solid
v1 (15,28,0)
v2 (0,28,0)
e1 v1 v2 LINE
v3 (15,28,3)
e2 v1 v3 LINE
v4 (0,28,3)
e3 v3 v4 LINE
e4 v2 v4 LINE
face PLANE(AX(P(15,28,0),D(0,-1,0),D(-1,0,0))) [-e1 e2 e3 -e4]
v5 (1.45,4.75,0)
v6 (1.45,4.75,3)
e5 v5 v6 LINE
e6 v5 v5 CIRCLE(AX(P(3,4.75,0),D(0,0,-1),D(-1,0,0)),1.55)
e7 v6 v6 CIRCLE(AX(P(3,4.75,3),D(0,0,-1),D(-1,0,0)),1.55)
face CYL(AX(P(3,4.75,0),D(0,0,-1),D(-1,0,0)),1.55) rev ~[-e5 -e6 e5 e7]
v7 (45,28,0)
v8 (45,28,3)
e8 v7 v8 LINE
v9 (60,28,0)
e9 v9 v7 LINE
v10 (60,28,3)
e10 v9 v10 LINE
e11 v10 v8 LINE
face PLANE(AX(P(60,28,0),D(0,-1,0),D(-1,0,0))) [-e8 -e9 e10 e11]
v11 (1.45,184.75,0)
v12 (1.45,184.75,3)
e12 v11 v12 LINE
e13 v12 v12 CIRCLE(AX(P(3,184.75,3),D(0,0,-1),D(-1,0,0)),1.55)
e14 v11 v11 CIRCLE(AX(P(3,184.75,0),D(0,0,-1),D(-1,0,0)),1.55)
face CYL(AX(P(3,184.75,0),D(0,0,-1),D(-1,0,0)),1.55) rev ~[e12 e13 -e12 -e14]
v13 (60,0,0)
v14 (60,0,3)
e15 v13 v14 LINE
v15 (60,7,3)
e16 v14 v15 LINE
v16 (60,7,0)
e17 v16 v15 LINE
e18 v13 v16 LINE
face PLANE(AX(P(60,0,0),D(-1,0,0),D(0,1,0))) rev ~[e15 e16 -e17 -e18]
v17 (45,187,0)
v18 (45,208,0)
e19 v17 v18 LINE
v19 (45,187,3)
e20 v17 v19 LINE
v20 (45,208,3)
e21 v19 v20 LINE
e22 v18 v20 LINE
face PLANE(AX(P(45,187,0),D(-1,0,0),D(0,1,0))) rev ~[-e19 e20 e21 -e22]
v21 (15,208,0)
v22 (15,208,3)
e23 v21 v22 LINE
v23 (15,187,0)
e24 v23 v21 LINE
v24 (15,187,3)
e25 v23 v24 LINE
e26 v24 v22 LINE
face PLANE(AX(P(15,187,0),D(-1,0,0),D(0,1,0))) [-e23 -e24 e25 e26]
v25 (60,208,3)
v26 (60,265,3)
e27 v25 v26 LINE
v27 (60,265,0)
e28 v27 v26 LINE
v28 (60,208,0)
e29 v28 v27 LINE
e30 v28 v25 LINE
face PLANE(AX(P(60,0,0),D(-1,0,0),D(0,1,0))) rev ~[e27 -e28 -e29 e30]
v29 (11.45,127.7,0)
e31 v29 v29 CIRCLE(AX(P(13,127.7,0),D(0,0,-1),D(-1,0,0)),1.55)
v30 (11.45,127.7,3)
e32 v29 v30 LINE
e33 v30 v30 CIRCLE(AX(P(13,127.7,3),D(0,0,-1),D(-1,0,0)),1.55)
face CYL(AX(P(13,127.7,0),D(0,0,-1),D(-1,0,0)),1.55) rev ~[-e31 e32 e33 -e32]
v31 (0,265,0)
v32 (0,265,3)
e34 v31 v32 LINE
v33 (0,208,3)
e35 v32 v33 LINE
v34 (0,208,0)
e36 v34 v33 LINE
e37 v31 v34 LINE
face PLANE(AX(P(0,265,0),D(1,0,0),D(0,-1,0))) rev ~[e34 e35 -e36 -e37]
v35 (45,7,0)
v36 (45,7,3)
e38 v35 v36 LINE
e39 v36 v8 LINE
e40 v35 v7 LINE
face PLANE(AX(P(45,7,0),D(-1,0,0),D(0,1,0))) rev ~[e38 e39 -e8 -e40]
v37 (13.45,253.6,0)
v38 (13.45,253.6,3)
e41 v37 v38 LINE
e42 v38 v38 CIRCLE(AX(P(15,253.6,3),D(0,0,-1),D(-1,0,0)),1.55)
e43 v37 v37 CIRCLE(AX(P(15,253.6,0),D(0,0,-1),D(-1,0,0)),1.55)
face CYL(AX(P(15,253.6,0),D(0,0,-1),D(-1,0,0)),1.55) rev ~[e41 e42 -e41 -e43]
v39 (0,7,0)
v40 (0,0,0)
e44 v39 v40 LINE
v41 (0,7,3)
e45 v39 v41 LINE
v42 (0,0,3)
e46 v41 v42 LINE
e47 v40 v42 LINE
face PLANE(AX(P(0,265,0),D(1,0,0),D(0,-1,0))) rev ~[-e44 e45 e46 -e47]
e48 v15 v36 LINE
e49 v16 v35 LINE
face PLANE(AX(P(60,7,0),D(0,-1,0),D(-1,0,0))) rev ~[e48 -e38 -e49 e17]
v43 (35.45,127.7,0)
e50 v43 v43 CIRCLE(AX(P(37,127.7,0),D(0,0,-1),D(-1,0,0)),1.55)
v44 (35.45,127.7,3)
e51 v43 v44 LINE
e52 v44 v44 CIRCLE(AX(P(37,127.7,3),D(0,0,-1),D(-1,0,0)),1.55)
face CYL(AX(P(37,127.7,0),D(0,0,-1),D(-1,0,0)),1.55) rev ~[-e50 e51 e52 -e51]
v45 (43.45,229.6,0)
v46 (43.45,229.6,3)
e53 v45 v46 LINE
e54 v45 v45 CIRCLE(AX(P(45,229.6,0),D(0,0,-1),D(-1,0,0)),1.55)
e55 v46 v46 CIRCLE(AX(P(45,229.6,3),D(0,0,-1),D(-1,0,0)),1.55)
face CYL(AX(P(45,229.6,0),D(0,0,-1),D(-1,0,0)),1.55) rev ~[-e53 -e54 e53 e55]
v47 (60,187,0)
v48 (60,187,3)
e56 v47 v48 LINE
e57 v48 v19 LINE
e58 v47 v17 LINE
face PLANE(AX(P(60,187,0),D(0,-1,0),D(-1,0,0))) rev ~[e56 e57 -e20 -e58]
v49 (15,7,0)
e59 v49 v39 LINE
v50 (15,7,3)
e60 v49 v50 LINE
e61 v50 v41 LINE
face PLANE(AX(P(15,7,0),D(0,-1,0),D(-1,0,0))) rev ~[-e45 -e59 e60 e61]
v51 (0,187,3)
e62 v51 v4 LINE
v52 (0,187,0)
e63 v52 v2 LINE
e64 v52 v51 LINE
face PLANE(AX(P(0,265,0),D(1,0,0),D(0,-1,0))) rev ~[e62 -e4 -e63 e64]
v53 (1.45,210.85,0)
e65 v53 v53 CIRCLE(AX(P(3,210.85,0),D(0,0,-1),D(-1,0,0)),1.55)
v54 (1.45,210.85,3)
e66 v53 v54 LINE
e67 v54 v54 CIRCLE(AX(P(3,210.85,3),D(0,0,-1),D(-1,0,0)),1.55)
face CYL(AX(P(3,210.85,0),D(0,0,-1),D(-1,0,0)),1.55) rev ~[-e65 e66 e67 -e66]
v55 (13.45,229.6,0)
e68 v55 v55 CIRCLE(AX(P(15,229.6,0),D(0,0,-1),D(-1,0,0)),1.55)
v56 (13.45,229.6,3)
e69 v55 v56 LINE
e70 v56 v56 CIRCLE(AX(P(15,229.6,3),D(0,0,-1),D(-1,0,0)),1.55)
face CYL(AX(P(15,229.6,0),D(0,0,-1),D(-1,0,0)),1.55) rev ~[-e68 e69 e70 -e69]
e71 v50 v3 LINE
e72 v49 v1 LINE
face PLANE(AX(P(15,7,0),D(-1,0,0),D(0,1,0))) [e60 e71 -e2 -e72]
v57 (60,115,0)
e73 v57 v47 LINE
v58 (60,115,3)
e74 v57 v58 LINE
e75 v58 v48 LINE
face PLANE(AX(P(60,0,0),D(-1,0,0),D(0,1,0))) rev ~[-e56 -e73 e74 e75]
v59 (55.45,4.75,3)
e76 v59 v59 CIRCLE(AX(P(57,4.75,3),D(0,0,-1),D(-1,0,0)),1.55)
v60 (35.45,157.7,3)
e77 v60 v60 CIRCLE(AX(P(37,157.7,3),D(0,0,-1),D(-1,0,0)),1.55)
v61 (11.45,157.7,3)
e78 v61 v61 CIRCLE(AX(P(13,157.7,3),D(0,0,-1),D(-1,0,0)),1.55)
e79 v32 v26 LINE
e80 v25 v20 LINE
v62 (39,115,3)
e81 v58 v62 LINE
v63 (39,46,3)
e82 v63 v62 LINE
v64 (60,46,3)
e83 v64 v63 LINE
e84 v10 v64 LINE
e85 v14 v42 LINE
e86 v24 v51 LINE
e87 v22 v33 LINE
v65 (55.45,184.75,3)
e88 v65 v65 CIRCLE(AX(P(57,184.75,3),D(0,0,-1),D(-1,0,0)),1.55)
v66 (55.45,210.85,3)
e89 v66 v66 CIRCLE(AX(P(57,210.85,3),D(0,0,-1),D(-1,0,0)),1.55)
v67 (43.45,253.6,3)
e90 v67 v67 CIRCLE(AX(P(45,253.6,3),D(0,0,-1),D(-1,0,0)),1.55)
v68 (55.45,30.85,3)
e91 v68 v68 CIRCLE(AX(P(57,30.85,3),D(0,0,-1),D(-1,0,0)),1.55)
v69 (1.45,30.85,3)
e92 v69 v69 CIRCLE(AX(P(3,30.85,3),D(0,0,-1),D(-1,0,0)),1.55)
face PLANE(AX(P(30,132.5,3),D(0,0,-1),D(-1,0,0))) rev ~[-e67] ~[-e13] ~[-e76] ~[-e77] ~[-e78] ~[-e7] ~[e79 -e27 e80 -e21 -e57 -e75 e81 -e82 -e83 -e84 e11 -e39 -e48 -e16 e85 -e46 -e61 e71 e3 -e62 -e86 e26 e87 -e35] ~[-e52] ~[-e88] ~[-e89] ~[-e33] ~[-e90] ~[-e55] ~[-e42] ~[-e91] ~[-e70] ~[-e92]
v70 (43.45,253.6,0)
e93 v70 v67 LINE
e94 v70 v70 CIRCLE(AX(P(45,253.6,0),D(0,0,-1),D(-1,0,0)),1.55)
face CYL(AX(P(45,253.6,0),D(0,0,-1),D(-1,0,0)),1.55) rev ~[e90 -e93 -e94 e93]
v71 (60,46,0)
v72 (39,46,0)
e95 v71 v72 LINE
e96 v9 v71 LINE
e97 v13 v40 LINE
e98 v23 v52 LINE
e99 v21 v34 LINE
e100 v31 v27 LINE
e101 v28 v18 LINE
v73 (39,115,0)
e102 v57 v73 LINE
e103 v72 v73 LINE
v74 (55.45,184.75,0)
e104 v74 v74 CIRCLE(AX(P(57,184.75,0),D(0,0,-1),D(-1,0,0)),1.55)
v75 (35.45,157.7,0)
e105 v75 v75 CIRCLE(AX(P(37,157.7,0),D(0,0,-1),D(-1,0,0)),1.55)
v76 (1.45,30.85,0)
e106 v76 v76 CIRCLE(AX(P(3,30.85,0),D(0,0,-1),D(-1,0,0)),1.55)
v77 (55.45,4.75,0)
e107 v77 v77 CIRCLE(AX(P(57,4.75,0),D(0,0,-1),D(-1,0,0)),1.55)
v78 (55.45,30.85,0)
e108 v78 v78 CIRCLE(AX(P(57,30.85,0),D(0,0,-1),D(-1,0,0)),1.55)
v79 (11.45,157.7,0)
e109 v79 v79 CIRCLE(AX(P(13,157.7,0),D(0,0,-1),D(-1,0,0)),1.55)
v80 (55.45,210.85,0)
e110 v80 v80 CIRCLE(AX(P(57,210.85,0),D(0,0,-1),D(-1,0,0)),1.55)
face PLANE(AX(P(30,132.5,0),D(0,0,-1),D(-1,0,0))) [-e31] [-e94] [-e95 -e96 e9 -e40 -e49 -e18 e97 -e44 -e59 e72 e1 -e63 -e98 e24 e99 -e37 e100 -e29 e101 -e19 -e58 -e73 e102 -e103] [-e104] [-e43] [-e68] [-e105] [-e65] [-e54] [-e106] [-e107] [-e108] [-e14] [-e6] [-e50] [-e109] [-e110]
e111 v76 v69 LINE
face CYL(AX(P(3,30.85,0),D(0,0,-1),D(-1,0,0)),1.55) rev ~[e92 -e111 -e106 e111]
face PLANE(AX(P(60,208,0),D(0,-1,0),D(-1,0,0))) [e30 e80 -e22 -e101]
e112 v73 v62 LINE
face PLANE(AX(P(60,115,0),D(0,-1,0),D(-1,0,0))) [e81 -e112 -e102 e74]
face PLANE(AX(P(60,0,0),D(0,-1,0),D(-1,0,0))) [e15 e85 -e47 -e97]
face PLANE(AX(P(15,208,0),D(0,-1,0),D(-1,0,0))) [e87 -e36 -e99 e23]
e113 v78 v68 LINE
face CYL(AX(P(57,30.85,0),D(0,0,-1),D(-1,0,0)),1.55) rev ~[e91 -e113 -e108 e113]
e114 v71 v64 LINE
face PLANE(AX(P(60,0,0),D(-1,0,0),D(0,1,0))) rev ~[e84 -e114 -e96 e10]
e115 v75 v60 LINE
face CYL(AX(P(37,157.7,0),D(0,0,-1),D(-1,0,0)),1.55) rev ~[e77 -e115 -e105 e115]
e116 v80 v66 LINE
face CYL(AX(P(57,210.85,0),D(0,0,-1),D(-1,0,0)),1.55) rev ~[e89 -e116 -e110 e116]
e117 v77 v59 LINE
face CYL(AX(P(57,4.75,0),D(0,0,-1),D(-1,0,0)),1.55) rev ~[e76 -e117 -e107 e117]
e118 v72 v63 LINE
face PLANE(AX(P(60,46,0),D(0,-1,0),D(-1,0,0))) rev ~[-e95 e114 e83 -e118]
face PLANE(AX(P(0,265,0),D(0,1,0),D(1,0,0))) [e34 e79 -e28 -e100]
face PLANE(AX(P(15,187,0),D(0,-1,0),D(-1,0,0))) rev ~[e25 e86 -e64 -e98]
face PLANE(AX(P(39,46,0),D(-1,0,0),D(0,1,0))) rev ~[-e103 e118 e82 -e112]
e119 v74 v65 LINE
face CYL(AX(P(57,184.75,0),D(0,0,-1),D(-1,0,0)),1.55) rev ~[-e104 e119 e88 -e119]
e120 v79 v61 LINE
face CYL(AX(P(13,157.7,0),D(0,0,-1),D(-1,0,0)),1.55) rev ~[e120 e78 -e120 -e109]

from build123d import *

# Parameters (mm, degrees)
EXTRUDE_1_DEPTH     = 3
SKETCH_4_W          = 15
SKETCH_4_H          = 21
CUT_EXTRUDE_1_DEPTH = 3
SKETCH_5_R          = 1.55
CUT_EXTRUDE_2_DEPTH = 272.724124803
SKETCH_7_W          = 21
SKETCH_7_H          = 69
CUT_EXTRUDE_3_DEPTH = 272.724124803


with BuildPart() as part:
    # 草图1 → 凸台-拉伸1 (new body)
    with BuildSketch(Plane.XY):
        Polygon((0, 240), (0, 265), (60, 265), (60, 240), (60, 0), (0, 0), align=None)
    extrude(amount=EXTRUDE_1_DEPTH)

    # 草图4 → 切除-拉伸1 (cut)
    with BuildSketch(Plane(origin=(0, 0, 0), x_dir=(-1, 0, 0), z_dir=(0, 0, -1))):
        with Locations((-52.5, 17.5)):
            Rectangle(SKETCH_4_W, SKETCH_4_H)
        with Locations((-7.5, 17.5)):
            Rectangle(SKETCH_4_W, SKETCH_4_H)
        with Locations((-7.5, 197.5)):
            Rectangle(SKETCH_4_W, SKETCH_4_H)
        with Locations((-52.5, 197.5)):
            Rectangle(SKETCH_4_W, SKETCH_4_H)
    extrude(amount=-CUT_EXTRUDE_1_DEPTH, mode=Mode.SUBTRACT)

    # 草图5 → 切除-拉伸2 (cut, through all)
    with BuildSketch(Plane(origin=(0, 0, 0), x_dir=(-1, 0, 0), z_dir=(0, 0, -1))):
        with Locations((-45, 229.6)):
            Circle(SKETCH_5_R)
        with Locations((-45, 253.6)):
            Circle(SKETCH_5_R)
        with Locations((-15, 253.6)):
            Circle(SKETCH_5_R)
        with Locations((-15, 229.6)):
            Circle(SKETCH_5_R)
        with Locations((-57, 184.75)):
            Circle(SKETCH_5_R)
        with Locations((-3, 184.75)):
            Circle(SKETCH_5_R)
        with Locations((-3, 210.85)):
            Circle(SKETCH_5_R)
        with Locations((-57, 210.85)):
            Circle(SKETCH_5_R)
        with Locations((-13, 127.7)):
            Circle(SKETCH_5_R)
        with Locations((-37, 127.7)):
            Circle(SKETCH_5_R)
        with Locations((-37, 157.7)):
            Circle(SKETCH_5_R)
        with Locations((-13, 157.7)):
            Circle(SKETCH_5_R)
        with Locations((-57, 4.75)):
            Circle(SKETCH_5_R)
        with Locations((-3, 4.75)):
            Circle(SKETCH_5_R)
        with Locations((-3, 30.85)):
            Circle(SKETCH_5_R)
        with Locations((-57, 30.85)):
            Circle(SKETCH_5_R)
    extrude(amount=-CUT_EXTRUDE_2_DEPTH, mode=Mode.SUBTRACT)

    # 草图7 → 切除-拉伸3 (cut, through all)
    with BuildSketch(Plane(origin=(0, 0, 0), x_dir=(-1, 0, 0), z_dir=(0, 0, -1))):
        with Locations((-49.5, 80.5)):
            Rectangle(SKETCH_7_W, SKETCH_7_H)
    extrude(amount=-CUT_EXTRUDE_3_DEPTH, mode=Mode.SUBTRACT)


solid = part.part
